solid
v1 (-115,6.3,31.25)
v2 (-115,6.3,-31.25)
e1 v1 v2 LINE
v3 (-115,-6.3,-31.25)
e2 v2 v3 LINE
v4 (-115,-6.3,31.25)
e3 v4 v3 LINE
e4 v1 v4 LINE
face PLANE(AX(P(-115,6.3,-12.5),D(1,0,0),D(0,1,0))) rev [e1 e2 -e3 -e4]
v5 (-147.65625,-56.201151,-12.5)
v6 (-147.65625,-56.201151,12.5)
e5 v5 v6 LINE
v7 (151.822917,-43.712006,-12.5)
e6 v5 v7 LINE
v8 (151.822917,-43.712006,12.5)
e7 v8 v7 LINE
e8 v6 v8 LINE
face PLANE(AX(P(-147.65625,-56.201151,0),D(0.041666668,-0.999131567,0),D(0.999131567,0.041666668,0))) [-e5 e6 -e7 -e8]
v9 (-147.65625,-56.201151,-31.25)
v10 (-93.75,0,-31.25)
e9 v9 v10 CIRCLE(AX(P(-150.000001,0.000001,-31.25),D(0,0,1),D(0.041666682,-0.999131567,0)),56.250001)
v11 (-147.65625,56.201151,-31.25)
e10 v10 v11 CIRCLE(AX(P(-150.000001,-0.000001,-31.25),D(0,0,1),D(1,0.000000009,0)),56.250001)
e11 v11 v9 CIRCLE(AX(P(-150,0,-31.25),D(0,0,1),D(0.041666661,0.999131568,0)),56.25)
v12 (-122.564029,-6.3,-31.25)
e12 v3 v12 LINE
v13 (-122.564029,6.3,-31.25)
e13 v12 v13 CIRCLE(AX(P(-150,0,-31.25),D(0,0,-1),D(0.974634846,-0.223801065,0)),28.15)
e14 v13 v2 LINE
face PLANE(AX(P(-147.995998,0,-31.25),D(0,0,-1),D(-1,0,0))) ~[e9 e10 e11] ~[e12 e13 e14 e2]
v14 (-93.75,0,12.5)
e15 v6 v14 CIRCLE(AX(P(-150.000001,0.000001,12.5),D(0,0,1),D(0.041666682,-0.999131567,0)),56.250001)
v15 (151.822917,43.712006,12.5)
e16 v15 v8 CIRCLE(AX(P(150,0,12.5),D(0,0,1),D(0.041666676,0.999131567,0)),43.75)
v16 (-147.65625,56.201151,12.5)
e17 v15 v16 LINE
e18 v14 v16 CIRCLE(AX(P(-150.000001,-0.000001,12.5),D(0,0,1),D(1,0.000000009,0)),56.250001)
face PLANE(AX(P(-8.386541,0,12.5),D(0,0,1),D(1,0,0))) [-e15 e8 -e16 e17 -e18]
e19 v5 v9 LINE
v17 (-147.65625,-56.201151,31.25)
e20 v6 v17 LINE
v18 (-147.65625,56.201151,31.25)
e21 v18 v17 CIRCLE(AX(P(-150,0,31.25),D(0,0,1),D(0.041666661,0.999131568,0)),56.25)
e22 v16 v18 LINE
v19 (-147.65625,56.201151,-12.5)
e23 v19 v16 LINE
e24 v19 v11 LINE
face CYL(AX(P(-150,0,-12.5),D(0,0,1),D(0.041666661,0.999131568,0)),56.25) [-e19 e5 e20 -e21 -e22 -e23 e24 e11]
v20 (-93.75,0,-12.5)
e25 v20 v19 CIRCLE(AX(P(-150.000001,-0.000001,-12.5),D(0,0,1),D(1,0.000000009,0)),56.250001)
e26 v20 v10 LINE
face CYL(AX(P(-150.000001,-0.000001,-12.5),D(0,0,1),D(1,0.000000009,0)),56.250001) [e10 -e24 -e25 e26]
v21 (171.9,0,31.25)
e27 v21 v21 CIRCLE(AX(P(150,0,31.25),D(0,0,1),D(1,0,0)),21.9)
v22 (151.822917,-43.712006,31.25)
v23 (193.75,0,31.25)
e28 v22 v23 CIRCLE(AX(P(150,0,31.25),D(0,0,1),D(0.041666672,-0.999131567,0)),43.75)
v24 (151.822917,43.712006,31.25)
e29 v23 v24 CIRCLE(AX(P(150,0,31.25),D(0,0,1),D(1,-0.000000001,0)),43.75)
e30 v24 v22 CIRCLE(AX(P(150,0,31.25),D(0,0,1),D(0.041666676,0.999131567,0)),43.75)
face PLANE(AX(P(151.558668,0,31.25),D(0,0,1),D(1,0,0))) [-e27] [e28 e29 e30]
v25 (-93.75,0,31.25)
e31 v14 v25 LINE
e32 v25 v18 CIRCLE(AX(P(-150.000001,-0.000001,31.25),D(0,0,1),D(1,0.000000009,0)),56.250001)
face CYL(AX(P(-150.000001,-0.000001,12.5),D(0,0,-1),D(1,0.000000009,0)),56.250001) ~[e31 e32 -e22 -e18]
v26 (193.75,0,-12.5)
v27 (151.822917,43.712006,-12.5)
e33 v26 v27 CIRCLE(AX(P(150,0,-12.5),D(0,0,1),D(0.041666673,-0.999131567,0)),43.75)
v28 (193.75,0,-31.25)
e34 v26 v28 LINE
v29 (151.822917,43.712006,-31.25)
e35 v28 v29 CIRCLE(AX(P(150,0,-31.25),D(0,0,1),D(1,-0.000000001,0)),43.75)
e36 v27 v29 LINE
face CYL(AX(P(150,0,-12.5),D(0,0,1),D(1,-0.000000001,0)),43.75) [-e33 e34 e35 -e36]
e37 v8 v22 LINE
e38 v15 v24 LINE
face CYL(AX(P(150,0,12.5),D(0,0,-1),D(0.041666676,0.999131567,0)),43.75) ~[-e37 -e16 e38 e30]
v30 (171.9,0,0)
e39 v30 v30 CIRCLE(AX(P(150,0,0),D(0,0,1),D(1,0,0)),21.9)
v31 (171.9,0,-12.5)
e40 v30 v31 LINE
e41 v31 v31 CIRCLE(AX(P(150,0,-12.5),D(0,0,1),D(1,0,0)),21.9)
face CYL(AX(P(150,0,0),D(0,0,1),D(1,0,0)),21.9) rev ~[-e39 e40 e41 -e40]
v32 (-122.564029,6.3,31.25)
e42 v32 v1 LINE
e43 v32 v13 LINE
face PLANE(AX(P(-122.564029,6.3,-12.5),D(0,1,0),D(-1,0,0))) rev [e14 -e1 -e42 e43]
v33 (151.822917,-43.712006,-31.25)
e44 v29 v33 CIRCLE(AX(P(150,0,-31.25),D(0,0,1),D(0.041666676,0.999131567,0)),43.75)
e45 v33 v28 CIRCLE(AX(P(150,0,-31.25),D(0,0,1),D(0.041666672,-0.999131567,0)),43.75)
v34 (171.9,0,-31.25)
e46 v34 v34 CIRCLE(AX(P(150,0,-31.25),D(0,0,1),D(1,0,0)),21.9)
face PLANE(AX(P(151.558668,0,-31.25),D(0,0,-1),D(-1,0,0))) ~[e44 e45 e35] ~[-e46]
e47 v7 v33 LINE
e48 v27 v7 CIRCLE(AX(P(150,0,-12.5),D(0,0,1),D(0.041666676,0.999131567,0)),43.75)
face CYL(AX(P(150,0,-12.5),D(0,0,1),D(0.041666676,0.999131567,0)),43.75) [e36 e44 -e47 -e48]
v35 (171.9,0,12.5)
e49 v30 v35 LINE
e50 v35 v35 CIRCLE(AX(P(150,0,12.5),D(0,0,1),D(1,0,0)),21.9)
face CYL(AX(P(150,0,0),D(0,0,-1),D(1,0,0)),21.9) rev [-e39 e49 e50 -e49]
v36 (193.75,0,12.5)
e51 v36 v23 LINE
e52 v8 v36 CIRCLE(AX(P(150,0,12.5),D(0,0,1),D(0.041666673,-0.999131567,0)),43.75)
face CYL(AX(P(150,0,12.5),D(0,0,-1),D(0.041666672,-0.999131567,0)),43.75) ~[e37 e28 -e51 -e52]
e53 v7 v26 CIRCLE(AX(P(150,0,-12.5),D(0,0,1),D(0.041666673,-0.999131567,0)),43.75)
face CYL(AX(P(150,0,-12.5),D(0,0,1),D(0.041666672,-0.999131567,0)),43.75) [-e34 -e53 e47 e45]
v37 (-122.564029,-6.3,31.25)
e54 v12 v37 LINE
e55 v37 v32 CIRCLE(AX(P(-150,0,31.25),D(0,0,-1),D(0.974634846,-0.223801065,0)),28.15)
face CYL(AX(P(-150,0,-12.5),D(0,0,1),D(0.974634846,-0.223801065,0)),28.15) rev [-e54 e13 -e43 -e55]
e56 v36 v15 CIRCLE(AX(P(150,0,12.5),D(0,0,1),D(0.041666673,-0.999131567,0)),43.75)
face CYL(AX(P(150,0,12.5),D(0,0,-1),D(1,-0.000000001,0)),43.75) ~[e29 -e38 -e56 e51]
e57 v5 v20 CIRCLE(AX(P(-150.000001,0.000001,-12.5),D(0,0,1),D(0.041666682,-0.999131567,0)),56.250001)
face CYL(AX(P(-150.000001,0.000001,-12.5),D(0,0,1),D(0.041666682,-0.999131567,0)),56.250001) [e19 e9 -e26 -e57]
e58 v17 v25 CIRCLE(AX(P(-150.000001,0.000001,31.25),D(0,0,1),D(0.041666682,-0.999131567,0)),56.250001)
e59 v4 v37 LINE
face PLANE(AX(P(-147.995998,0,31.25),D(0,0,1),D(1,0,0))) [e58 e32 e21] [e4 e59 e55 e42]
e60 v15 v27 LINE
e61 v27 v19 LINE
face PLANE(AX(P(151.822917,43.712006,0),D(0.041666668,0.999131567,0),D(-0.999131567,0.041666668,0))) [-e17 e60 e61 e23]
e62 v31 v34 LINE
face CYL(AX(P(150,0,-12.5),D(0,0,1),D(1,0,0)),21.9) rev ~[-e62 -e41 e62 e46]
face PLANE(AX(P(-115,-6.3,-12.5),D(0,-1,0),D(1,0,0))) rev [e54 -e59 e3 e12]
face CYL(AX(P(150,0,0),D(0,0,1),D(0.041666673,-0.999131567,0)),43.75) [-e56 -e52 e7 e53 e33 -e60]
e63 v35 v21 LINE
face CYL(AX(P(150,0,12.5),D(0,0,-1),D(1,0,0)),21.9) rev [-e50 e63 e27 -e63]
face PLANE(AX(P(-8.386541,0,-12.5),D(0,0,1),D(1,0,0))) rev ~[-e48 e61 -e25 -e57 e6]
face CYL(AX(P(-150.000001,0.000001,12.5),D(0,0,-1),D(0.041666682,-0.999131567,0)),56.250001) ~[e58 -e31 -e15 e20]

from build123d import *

# Parameters (mm, degrees)
F0_R          = 21.9
F1_DEPTH      = 12.5
F1_DEPTH_BACK = 12.5
F2_R          = 21.9
F3_DEPTH      = 18.75


with BuildPart() as f1:
    # F0 (on Top) → F1 (new body, two sides)
    with BuildSketch(Plane.XY) as f1_sk:
        with BuildLine():
            Line((151.822917, 43.712006), (-147.65625, 56.201151))
            ThreePointArc((-147.65625, 56.201151), (-206.25, 0), (-147.65625, -56.201151))
            Line((-147.65625, -56.201151), (151.822917, -43.712006))
            ThreePointArc((151.822917, -43.712006), (193.75, 0), (151.822917, 43.712006))
        make_face()
        with BuildLine():
            ThreePointArc((-122.564029, -6.3), (-178.15, 0), (-122.564029, 6.3))
            Line((-122.564029, 6.3), (-115, 6.3))
            Line((-115, 6.3), (-115, -6.3))
            Line((-115, -6.3), (-122.564029, -6.3))
        make_face(mode=Mode.SUBTRACT)
        with Locations((150, 0)):
            Circle(F0_R, mode=Mode.SUBTRACT)
    extrude(amount=F1_DEPTH)
    extrude(f1_sk.sketch, amount=-F1_DEPTH_BACK)

    # F2 (on face) → F3 (join)
    with BuildSketch(Plane.XY.offset(12.5)):
        with BuildLine():
            ThreePointArc((-147.65625, -56.201151), (-109.405059, -38.937299), (-93.75, 0))
            ThreePointArc((-93.75, 0), (-109.405059, 38.937299), (-147.65625, 56.201151))
            ThreePointArc((-147.65625, 56.201151), (-206.25, 0), (-147.65625, -56.201151))
        make_face()
        with BuildLine():
            ThreePointArc((-122.564029, -6.3), (-178.15, 0), (-122.564029, 6.3))
            Line((-122.564029, 6.3), (-115, 6.3))
            Line((-115, 6.3), (-115, -6.3))
            Line((-115, -6.3), (-122.564029, -6.3))
        make_face(mode=Mode.SUBTRACT)
        with BuildLine():
            ThreePointArc((193.75, 0), (181.573843, 30.284566), (151.822917, 43.712006))
            ThreePointArc((151.822917, 43.712006), (106.25, 0), (151.822917, -43.712006))
            ThreePointArc((151.822917, -43.712006), (181.573843, -30.284566), (193.75, 0))
        make_face()
        with Locations((150, 0)):
            Circle(F2_R, mode=Mode.SUBTRACT)
    extrude(amount=F3_DEPTH)

    # F4: F1 across plane


with BuildPart() as f1_1:
    add(f1.part)
    add(f1.part.mirror(Plane.XY))


solid = f1_1.part
